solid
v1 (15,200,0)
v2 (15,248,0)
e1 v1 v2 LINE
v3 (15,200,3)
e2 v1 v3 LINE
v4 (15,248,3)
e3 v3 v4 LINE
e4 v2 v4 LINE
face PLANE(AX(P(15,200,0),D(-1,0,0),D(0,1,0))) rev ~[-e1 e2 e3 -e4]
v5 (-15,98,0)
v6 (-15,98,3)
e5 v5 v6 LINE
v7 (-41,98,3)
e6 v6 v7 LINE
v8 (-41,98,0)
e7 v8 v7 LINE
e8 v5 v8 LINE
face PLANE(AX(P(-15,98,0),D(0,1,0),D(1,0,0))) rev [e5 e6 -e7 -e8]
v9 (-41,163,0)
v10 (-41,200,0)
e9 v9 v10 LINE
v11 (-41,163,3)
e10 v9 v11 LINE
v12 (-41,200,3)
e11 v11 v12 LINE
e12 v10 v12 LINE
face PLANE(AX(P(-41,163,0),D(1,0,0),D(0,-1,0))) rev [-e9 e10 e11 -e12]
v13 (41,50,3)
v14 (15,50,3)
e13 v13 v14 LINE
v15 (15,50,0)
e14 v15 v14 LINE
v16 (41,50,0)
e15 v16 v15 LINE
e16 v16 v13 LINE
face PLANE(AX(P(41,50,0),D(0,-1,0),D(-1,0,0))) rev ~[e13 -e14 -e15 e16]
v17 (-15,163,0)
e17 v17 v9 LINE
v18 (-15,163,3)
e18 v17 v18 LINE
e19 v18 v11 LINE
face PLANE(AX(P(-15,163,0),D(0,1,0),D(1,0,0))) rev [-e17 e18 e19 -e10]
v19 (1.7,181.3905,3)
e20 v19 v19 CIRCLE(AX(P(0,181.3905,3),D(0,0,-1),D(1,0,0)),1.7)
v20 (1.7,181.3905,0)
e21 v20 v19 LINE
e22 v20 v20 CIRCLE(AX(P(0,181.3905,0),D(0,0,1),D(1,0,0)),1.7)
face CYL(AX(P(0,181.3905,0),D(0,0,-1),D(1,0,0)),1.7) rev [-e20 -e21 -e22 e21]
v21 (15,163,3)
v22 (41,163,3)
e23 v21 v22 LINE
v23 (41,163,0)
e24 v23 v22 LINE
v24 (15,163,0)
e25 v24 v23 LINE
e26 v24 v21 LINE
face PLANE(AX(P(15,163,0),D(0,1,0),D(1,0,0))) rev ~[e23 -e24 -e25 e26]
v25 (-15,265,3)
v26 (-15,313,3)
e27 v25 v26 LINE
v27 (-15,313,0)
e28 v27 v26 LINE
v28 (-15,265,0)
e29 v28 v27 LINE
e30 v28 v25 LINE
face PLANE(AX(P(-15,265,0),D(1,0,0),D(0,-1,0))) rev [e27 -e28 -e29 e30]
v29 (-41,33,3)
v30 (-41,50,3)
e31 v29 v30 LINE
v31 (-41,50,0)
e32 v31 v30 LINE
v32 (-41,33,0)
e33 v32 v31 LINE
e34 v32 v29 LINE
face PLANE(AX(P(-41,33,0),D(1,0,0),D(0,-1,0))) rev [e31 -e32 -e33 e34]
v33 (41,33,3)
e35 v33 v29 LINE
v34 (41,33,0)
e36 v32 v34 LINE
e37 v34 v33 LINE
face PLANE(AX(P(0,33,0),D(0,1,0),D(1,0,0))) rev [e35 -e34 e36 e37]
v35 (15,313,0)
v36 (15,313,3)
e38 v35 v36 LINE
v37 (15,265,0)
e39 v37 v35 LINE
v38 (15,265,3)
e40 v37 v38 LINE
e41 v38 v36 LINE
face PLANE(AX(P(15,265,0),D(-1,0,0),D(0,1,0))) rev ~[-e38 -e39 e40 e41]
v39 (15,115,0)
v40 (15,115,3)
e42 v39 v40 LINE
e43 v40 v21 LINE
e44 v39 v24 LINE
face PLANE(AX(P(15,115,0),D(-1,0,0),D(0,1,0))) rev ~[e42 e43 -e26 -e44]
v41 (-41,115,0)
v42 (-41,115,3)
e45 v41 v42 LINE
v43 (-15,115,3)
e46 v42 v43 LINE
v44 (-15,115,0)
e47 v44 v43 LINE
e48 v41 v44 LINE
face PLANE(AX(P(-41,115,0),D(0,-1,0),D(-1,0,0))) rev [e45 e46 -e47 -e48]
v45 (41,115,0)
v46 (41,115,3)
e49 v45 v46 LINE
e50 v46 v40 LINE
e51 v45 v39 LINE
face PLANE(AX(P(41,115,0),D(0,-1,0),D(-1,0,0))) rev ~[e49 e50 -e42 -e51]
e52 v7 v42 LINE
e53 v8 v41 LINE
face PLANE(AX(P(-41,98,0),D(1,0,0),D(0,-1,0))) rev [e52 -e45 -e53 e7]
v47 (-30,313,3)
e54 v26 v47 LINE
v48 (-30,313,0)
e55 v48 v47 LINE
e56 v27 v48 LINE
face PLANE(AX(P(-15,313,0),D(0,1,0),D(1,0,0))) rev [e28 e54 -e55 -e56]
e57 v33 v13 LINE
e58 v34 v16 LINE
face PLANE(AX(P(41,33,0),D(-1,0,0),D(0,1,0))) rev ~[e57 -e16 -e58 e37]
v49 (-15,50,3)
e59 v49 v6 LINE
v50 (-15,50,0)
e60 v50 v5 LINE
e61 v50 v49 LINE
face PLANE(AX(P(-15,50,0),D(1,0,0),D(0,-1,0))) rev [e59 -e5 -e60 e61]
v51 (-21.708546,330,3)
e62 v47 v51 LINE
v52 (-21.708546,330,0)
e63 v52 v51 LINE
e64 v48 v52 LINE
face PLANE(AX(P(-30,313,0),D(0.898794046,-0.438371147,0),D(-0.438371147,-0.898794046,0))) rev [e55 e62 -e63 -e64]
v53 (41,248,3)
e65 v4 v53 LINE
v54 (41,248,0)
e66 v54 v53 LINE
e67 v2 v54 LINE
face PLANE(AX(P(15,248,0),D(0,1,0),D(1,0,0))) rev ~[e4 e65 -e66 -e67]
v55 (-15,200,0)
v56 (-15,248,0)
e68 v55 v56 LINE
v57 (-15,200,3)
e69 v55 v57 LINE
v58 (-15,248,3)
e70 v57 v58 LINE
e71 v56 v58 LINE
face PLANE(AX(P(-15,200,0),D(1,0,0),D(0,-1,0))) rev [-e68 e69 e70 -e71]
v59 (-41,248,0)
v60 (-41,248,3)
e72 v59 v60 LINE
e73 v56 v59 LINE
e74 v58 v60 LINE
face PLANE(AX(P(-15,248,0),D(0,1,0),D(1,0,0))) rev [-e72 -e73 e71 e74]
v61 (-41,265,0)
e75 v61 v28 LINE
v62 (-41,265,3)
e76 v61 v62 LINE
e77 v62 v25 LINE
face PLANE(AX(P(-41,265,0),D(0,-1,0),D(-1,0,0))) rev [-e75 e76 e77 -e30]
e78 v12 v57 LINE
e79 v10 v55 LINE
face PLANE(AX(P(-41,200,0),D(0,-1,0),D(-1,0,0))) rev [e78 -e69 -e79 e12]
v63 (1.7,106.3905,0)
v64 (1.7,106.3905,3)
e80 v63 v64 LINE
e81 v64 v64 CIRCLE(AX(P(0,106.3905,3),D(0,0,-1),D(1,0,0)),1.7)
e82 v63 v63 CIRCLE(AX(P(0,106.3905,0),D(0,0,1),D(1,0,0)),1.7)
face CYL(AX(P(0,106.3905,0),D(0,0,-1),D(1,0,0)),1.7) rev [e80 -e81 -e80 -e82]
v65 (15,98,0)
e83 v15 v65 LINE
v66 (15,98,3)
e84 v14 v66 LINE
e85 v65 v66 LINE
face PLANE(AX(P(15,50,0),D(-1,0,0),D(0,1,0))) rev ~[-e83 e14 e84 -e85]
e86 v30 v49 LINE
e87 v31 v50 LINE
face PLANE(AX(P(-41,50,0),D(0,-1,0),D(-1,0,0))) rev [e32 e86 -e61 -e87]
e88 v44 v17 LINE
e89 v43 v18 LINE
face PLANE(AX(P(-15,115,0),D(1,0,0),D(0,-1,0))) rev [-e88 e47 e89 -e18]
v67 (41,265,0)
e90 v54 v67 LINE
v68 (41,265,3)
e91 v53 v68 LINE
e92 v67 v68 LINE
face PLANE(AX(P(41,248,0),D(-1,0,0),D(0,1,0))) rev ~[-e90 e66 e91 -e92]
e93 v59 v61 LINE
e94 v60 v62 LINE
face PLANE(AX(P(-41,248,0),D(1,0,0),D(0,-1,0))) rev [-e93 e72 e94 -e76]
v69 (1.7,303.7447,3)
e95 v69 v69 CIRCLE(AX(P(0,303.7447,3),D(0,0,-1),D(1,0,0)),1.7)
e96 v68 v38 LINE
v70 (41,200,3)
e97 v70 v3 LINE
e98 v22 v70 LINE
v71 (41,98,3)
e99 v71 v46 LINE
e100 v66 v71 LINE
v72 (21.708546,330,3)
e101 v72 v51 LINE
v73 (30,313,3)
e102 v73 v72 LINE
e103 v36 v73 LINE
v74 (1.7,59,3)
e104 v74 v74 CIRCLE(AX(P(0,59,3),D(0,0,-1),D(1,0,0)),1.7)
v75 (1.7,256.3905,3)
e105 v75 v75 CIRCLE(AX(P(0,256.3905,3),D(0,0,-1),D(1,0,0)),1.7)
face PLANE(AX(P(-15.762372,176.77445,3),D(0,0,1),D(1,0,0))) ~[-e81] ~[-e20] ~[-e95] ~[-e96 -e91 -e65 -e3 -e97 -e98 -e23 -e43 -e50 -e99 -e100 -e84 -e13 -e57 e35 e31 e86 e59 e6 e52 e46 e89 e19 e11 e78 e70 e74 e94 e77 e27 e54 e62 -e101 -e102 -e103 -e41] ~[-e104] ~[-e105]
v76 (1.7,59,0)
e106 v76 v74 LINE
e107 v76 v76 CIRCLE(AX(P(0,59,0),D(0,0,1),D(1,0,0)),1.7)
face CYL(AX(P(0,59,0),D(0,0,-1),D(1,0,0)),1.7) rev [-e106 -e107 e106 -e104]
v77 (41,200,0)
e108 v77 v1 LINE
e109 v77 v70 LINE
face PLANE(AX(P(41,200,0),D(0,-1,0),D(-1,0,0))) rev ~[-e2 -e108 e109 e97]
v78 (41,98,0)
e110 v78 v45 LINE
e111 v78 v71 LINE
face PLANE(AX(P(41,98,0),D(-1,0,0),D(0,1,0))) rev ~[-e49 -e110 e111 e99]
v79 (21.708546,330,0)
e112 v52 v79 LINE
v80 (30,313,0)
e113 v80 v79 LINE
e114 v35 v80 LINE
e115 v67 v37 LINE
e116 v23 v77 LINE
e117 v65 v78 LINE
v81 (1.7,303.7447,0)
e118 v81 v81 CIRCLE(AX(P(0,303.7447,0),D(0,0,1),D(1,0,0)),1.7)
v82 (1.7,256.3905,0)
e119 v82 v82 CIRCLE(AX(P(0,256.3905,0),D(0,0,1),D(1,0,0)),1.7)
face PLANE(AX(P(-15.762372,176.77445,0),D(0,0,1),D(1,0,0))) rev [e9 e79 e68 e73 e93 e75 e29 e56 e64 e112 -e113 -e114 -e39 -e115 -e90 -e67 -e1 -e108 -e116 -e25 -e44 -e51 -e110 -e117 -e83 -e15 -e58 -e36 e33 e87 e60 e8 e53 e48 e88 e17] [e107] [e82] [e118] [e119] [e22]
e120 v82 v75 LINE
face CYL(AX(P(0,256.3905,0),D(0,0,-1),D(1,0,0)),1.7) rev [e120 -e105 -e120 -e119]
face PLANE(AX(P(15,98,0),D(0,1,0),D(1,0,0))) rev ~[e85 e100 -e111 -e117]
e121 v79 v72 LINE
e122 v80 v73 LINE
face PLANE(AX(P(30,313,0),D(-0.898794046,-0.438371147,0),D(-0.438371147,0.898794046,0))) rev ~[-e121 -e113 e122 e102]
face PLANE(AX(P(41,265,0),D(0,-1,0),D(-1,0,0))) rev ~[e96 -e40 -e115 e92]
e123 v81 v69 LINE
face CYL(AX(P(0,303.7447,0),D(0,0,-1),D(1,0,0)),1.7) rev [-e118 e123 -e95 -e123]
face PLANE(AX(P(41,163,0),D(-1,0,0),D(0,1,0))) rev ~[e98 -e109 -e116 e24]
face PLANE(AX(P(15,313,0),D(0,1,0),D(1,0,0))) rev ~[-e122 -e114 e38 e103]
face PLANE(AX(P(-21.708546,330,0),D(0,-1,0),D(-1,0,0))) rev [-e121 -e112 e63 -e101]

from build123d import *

# Parameters (mm, degrees)
PAD_DEPTH         = 3
SKETCH001_R       = 1.7
POCKET_DEPTH      = 0.001
POCKET_DEPTH_BACK = 3.001


with BuildPart() as part:
    # Sketch → Pad (new body)
    with BuildSketch(Plane.XY):
        Polygon((0, 33), (41, 33), (41, 50), (15, 50), (15, 98), (41, 98), (41, 115), (15, 115), (15, 163), (41, 163), (41, 200), (15, 200), (15, 248), (41, 248), (41, 265), (15, 265), (15, 313), (30, 313), (21.708546, 330), (0, 330), align=None)
    pad = extrude(amount=PAD_DEPTH)

    # Mirrored: Pad across Sketch V_Axis
    add(pad.mirror(Plane(origin=(0, 0, 0), x_dir=(0, 0, 1), z_dir=(1, 0, 0))))

    # Sketch001 → Pocket (cut, two sides)
    with BuildSketch(Plane.XY) as pocket_sk:
        with Locations((0, 59)):
            Circle(SKETCH001_R)
        with Locations((0, 106.3905)):
            Circle(SKETCH001_R)
        with Locations((0, 181.3905)):
            Circle(SKETCH001_R)
        with Locations((0, 256.3905)):
            Circle(SKETCH001_R)
        with Locations((0, 303.7447)):
            Circle(SKETCH001_R)
    extrude(amount=-POCKET_DEPTH, mode=Mode.SUBTRACT)
    extrude(pocket_sk.sketch, amount=POCKET_DEPTH_BACK, mode=Mode.SUBTRACT)


solid = part.part
